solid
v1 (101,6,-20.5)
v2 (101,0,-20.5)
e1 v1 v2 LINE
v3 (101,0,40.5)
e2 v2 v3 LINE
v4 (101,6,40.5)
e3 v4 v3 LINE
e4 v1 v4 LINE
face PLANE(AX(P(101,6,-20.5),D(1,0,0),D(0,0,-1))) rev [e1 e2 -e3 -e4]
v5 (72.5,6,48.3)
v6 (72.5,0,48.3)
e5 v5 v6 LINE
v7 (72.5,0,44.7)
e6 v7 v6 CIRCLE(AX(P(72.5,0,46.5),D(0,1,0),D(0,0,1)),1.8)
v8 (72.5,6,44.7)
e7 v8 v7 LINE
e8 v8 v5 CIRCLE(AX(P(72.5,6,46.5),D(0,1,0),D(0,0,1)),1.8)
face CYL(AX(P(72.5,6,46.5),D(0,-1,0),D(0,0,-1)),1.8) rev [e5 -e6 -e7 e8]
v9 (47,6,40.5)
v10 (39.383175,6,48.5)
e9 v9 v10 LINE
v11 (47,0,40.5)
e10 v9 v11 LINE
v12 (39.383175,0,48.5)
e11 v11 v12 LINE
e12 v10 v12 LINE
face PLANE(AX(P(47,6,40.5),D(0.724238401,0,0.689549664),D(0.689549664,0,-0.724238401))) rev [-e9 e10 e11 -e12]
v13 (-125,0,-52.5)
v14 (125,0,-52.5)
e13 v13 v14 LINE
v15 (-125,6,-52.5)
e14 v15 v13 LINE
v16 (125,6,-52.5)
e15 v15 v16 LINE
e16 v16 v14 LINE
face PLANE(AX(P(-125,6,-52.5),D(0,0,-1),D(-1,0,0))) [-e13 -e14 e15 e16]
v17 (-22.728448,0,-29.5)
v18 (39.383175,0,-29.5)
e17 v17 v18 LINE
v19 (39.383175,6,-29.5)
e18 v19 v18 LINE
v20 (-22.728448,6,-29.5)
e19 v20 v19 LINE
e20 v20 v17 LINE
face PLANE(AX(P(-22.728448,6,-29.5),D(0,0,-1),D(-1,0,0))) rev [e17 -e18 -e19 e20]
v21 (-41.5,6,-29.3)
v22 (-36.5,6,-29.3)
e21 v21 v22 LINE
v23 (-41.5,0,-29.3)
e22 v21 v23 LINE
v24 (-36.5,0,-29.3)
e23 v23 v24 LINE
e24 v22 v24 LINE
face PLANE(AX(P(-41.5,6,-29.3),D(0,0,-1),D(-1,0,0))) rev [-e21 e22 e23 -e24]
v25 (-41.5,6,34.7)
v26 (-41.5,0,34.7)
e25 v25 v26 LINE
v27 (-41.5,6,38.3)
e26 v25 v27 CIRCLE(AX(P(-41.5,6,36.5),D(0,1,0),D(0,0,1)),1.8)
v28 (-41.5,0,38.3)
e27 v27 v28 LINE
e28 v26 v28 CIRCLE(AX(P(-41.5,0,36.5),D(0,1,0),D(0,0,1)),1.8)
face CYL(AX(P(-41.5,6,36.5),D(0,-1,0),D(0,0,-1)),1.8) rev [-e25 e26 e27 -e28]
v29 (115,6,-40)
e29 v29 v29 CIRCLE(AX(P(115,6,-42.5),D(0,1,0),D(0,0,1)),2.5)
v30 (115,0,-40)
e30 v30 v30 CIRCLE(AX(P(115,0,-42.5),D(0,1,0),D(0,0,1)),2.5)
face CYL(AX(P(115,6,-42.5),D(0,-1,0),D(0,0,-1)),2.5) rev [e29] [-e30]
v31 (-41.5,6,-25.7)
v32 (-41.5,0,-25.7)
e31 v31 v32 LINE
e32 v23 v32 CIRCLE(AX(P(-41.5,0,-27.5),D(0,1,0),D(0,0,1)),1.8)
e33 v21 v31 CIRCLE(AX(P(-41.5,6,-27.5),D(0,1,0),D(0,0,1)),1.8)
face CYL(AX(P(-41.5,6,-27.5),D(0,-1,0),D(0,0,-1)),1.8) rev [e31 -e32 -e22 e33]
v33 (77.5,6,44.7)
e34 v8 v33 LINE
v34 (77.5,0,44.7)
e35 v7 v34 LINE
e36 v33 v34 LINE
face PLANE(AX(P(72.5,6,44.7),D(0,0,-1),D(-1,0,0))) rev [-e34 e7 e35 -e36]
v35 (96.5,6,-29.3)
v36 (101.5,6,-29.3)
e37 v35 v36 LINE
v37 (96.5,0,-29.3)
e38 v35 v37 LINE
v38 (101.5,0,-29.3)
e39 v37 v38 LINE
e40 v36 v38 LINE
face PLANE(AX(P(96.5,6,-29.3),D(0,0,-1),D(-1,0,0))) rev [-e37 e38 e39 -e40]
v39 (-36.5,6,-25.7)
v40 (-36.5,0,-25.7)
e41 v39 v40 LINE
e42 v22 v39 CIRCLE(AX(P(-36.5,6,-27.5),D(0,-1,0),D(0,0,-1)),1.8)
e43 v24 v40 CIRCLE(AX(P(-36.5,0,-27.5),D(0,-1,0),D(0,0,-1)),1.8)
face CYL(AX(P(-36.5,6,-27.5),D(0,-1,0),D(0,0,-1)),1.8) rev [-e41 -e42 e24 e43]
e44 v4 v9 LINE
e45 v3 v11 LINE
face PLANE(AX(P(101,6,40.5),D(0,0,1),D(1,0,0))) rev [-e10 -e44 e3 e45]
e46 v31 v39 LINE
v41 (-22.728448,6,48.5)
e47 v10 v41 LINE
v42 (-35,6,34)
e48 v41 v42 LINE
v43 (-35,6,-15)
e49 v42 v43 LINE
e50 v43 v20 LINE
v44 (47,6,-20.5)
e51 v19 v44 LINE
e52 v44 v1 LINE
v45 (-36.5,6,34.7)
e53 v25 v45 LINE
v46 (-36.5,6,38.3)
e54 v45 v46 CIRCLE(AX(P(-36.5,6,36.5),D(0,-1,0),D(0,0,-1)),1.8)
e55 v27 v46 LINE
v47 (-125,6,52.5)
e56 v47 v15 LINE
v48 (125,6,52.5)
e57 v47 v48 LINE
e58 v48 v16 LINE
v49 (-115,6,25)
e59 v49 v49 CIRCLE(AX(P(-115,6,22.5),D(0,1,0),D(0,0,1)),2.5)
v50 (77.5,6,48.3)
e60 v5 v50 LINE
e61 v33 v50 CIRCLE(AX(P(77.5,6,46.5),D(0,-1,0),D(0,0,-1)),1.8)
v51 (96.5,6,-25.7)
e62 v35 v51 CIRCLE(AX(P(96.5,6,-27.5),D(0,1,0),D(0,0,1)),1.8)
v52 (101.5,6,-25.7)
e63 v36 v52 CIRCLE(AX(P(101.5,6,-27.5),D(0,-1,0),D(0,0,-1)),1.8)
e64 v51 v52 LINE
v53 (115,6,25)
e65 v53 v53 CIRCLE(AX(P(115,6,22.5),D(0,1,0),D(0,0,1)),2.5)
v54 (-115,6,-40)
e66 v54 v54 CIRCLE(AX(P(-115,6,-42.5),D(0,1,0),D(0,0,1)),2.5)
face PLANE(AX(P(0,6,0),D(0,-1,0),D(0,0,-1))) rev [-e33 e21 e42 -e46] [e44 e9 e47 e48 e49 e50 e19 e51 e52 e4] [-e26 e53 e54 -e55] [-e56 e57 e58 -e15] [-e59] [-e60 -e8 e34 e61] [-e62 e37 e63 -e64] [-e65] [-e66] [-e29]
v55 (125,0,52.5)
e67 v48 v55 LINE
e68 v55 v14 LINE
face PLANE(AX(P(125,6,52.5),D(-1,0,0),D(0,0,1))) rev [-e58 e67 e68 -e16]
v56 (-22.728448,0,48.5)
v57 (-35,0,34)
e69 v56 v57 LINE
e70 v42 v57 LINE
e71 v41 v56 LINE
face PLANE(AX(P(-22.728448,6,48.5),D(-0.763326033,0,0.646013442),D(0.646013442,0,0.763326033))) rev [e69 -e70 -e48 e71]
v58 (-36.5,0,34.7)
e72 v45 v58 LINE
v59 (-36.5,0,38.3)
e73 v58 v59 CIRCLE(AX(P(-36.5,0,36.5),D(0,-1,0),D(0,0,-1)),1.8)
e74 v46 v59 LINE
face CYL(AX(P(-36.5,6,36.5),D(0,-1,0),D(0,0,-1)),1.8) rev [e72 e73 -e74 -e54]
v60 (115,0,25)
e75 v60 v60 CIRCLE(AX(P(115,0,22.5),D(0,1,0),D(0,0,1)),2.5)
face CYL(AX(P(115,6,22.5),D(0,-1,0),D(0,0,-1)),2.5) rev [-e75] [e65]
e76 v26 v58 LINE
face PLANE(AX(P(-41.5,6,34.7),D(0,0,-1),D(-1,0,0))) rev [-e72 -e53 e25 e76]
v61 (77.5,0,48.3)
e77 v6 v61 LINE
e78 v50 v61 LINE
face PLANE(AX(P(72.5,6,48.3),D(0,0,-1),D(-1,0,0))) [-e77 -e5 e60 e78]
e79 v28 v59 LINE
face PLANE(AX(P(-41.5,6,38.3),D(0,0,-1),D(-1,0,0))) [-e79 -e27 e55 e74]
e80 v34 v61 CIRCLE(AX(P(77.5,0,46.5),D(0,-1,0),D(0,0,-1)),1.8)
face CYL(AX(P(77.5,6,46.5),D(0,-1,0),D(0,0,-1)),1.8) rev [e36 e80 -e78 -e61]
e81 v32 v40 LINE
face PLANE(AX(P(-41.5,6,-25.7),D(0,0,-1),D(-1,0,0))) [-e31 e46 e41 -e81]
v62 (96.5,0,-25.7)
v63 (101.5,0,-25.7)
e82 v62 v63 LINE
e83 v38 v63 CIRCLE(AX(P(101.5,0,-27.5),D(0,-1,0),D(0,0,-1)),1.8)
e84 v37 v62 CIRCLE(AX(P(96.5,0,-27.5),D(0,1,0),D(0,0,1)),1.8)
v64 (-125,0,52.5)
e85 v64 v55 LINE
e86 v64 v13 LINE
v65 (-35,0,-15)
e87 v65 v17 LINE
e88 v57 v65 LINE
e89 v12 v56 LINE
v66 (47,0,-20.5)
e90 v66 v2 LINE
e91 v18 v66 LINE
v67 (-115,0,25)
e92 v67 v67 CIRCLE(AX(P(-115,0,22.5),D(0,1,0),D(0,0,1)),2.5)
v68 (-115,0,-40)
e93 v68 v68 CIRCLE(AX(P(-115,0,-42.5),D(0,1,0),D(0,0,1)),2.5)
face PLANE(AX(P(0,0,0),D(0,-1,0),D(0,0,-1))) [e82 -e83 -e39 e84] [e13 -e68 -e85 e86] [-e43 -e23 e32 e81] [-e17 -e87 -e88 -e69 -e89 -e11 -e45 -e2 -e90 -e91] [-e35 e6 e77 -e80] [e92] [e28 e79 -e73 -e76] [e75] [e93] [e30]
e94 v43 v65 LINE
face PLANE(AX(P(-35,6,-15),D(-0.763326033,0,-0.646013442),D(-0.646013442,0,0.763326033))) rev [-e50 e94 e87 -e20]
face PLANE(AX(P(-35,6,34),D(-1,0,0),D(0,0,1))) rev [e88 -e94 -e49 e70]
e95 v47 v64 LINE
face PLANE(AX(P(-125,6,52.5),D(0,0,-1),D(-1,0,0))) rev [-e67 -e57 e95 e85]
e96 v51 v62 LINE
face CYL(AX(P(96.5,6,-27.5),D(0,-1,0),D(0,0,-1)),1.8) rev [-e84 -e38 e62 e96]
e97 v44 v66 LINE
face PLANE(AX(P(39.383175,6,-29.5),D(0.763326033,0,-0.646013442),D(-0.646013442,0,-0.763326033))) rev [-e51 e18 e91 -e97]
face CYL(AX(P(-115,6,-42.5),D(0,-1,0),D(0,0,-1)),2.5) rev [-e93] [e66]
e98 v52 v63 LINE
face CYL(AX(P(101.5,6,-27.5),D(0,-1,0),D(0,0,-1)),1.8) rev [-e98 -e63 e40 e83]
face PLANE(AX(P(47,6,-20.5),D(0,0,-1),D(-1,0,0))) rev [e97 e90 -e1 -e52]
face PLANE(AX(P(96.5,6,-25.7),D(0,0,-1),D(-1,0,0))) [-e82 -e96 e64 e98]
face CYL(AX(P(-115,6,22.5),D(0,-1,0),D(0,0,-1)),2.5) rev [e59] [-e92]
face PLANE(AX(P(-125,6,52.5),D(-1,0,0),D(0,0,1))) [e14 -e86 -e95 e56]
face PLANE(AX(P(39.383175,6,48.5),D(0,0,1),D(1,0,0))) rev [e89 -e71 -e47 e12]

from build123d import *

# Parameters (mm, degrees)
SKETCH1_W           = 250
SKETCH1_H           = 105
BOSS_EXTRUDE1_DEPTH = 6
SKETCH1_4_R         = 2.5
CUT_EXTRUDE1_DEPTH  = 6


with BuildPart() as part:
    # Sketch1 → Boss-Extrude1 (new body)
    with BuildSketch(Plane(origin=(0, 0, 0), x_dir=(1, 0, 0), z_dir=(0, 1, 0))):
        Rectangle(SKETCH1_W, SKETCH1_H)
    extrude(amount=BOSS_EXTRUDE1_DEPTH)

    # Sketch1<4> → Cut-Extrude1 (cut)
    with BuildSketch(Plane(origin=(0, 0, 0), x_dir=(1, 0, 0), z_dir=(0, 1, 0))):
        with Locations((-115, -22.5)):
            Circle(SKETCH1_4_R)
        with Locations((-115, 42.5)):
            Circle(SKETCH1_4_R)
        with Locations((115, 42.5)):
            Circle(SKETCH1_4_R)
        with Locations((115, -22.5)):
            Circle(SKETCH1_4_R)
        Polygon((-22.728448276, 29.5), (39.383174792, 29.5), (47, 20.5), (101, 20.5), (101, -40.5), (47, -40.5), (39.383174792, -48.5), (-22.728448276, -48.5), (-35, -34), (-35, 15), align=None)
        with BuildLine():
            Line((72.5, -44.7), (77.5, -44.7))
            ThreePointArc((77.5, -44.7), (79.3, -46.5), (77.5, -48.3))
            Line((77.5, -48.3), (72.5, -48.3))
            ThreePointArc((72.5, -48.3), (70.7, -46.5), (72.5, -44.7))
        make_face()
        with BuildLine():
            Line((96.5, 29.3), (101.5, 29.3))
            ThreePointArc((101.5, 29.3), (103.3, 27.5), (101.5, 25.7))
            Line((101.5, 25.7), (96.5, 25.7))
            ThreePointArc((96.5, 25.7), (94.7, 27.5), (96.5, 29.3))
        make_face()
        with BuildLine():
            Line((-41.5, 29.3), (-36.5, 29.3))
            ThreePointArc((-36.5, 29.3), (-34.7, 27.5), (-36.5, 25.7))
            Line((-36.5, 25.7), (-41.5, 25.7))
            ThreePointArc((-41.5, 25.7), (-43.3, 27.5), (-41.5, 29.3))
        make_face()
        with BuildLine():
            Line((-41.5, -34.7), (-36.5, -34.7))
            ThreePointArc((-36.5, -34.7), (-34.7, -36.5), (-36.5, -38.3))
            Line((-36.5, -38.3), (-41.5, -38.3))
            ThreePointArc((-41.5, -38.3), (-43.3, -36.5), (-41.5, -34.7))
        make_face()
    extrude(amount=CUT_EXTRUDE1_DEPTH, mode=Mode.SUBTRACT)


solid = part.part
